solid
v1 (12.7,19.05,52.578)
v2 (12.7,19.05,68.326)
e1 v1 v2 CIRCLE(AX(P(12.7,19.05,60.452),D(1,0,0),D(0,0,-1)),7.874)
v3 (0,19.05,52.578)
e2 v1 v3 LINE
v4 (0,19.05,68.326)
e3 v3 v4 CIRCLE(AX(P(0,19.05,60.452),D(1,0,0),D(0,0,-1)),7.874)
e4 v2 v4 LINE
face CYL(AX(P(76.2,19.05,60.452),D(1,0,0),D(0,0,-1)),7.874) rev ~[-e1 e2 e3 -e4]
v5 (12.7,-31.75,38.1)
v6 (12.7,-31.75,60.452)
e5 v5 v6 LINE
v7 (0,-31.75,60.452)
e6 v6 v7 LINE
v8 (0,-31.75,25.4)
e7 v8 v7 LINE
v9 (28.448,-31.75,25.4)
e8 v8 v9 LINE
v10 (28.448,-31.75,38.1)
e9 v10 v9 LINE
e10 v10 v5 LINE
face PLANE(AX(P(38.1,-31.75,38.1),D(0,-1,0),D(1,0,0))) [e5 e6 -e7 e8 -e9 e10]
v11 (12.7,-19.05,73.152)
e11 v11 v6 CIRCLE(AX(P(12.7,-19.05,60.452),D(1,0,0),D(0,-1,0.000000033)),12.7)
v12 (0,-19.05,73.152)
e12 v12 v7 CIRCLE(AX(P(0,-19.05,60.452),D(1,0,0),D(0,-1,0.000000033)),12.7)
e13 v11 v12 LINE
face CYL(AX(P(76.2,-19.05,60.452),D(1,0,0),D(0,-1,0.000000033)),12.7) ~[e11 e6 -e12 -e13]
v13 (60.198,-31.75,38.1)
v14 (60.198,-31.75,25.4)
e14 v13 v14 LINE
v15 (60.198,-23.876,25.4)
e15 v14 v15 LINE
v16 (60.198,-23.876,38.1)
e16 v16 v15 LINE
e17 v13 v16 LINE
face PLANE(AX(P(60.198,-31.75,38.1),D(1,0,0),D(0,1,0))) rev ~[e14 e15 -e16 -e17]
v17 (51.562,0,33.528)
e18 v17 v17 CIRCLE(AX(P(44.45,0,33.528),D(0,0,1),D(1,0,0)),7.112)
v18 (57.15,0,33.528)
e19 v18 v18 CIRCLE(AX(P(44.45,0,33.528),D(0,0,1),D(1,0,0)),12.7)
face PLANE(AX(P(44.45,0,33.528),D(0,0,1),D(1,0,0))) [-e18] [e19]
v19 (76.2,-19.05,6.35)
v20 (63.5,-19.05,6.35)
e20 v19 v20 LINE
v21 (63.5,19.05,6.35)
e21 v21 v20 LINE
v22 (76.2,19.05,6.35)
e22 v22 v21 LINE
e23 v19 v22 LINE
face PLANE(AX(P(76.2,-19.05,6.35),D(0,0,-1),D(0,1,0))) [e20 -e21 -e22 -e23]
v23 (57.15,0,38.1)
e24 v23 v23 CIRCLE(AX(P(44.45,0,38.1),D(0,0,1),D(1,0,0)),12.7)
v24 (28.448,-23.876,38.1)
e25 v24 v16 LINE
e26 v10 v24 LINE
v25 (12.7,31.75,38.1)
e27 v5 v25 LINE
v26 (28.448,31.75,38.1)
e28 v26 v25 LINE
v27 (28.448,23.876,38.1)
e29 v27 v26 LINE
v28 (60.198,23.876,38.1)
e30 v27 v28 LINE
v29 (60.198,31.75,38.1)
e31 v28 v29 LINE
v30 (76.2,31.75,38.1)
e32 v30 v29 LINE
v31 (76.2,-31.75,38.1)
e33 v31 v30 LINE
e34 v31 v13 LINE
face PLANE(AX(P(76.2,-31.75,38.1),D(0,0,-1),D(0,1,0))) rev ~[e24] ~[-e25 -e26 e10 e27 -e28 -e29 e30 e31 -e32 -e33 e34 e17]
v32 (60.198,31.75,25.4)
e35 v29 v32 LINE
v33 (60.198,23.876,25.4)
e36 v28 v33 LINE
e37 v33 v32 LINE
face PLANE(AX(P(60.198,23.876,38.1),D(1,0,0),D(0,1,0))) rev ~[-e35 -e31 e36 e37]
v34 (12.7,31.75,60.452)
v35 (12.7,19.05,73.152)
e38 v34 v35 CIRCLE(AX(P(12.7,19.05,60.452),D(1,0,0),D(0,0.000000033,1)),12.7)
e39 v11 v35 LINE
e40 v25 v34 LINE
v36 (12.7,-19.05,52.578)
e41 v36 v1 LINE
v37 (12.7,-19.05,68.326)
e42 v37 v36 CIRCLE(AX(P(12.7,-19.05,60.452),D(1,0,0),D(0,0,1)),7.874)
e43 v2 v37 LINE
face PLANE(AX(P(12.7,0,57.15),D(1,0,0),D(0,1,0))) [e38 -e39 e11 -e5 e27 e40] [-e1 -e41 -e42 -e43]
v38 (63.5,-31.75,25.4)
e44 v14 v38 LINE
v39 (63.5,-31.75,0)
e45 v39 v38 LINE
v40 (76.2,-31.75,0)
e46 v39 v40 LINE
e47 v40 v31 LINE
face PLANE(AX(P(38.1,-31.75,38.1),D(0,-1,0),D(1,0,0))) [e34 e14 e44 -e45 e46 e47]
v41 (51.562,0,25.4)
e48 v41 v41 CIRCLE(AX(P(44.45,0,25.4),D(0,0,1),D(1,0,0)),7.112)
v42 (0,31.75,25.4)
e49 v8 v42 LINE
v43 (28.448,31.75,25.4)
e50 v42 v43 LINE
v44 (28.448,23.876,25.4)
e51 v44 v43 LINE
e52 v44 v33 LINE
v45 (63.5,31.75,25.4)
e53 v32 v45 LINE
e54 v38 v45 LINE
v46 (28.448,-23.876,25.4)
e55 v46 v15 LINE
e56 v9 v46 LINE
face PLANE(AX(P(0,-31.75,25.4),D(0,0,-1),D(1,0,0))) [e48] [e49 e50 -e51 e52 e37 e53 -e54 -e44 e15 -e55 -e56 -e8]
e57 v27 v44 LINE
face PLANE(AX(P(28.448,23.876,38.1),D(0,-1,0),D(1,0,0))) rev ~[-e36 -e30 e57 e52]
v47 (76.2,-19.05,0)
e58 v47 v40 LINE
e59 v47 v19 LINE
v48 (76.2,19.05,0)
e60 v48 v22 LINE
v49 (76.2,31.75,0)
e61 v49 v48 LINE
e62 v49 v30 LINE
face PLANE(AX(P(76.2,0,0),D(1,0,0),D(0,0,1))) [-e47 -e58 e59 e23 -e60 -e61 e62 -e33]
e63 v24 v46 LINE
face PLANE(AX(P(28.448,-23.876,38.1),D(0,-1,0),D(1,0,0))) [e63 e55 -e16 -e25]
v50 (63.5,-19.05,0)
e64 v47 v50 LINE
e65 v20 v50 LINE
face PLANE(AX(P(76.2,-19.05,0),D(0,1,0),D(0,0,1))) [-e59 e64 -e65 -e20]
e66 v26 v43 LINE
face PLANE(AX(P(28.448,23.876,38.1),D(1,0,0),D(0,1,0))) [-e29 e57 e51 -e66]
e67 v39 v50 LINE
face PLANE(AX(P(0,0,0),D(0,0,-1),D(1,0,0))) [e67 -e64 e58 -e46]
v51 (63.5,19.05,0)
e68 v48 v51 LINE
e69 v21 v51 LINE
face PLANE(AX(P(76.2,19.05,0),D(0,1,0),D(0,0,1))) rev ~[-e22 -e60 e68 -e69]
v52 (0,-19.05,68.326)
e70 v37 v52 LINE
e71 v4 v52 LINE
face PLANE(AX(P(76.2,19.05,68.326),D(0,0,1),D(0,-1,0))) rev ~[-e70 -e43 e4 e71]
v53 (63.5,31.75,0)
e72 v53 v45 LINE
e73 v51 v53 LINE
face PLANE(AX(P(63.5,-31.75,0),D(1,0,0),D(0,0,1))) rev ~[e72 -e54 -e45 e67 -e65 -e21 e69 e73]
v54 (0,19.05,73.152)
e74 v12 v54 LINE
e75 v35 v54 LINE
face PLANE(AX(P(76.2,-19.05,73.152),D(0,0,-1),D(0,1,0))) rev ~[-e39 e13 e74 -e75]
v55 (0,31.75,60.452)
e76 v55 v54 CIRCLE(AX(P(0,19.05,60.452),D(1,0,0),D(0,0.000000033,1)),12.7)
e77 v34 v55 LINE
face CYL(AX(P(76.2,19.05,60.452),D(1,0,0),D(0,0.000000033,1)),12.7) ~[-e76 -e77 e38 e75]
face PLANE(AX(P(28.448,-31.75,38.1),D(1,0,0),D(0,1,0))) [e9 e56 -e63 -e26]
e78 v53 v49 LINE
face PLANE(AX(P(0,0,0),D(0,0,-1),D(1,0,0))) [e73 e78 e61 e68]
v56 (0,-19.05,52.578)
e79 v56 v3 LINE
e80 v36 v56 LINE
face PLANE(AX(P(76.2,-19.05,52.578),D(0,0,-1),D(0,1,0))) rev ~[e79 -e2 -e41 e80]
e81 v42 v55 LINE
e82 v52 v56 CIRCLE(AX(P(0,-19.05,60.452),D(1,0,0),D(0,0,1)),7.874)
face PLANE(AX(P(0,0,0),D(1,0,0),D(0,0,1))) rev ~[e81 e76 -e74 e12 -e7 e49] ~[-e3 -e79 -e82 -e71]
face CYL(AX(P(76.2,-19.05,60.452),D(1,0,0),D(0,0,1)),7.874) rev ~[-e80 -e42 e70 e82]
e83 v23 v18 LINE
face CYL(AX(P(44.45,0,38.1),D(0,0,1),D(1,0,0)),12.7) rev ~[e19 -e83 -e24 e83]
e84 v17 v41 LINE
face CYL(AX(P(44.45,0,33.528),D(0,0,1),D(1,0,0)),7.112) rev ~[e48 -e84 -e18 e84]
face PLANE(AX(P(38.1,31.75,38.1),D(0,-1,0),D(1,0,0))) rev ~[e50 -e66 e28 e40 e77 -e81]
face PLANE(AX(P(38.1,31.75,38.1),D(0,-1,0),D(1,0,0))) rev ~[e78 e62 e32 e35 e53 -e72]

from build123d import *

# Parameters (mm, degrees)
F0_W      = 76.2
F0_H      = 76.2
F1_DEPTH  = 31.75
F2_W      = 63.5
F2_H      = 38.1
F3_DEPTH  = 63.5
F4_W      = 38.1
F4_H      = 6.35
F5_DEPTH  = 76.201
F6_R      = 12.7
F7_DEPTH  = 4.572
F8_R      = 7.112
F9_DEPTH  = 33.529
F10_W     = 31.75
F10_H     = 7.874
F11_DEPTH = 38.101
F12_W     = 63.5
F12_H     = 25.4
F13_DEPTH = 63.501


with BuildPart() as f1:
    # F0 (on Front) → F1 (new body, symmetric)
    with BuildSketch(Plane.XZ):
        with Locations((38.1, 38.1)):
            Rectangle(F0_W, F0_H)
    extrude(amount=F1_DEPTH, both=True)

    # F2 (on face) → F3 (cut)
    with BuildSketch(Plane.YZ.offset(76.2)):
        with Locations((0, 57.15)):
            Rectangle(F2_W, F2_H)
    extrude(amount=-F3_DEPTH, mode=Mode.SUBTRACT)

    # F4 (on face) → F5 (cut, through all)
    with BuildSketch(Plane.YZ.offset(76.2)):
        with Locations((0, 3.175)):
            Rectangle(F4_W, F4_H)
        with BuildLine():
            ThreePointArc((19.05, 52.578), (26.924, 60.452), (19.05, 68.326))
            Line((19.05, 68.326), (-19.05, 68.326))
            ThreePointArc((-19.05, 68.326), (-26.924, 60.452), (-19.05, 52.578))
            Line((-19.05, 52.578), (19.05, 52.578))
        make_face()
        with BuildLine():
            ThreePointArc((-31.75, 60.452), (-28.030256, 69.432256), (-19.05, 73.152))
            Line((-19.05, 73.152), (19.05, 73.152))
            ThreePointArc((19.05, 73.152), (28.030256, 69.432256), (31.75, 60.452))
            Line((31.75, 60.452), (31.75, 76.2))
            Line((31.75, 76.2), (-31.75, 76.2))
            Line((-31.75, 76.2), (-31.75, 60.452))
        make_face()
    extrude(amount=-F5_DEPTH, mode=Mode.SUBTRACT)

    # F6 (on face) → F7 (cut)
    with BuildSketch(Plane.XY.offset(38.1)):
        with Locations((44.45, 0)):
            Circle(F6_R)
    extrude(amount=-F7_DEPTH, mode=Mode.SUBTRACT)

    # F8 (on face) → F9 (cut, through all)
    with BuildSketch(Plane.XY.offset(33.528)):
        with Locations((44.45, 0)):
            Circle(F8_R)
    extrude(amount=-F9_DEPTH, mode=Mode.SUBTRACT)

    # F10 (on face) → F11 (cut, through all)
    with BuildSketch(Plane.XY.offset(38.1)):
        with Locations((44.323, -27.813)):
            Rectangle(F10_W, F10_H)
        with Locations((44.323, 27.813)):
            Rectangle(F10_W, F10_H)
    extrude(amount=-F11_DEPTH, mode=Mode.SUBTRACT)

    # F12 (on face) → F13 (cut, through all)
    with BuildSketch(Plane.XZ.offset(31.75)):
        with Locations((31.75, 12.7)):
            Rectangle(F12_W, F12_H)
    extrude(amount=-F13_DEPTH, mode=Mode.SUBTRACT)


solid = f1.part
